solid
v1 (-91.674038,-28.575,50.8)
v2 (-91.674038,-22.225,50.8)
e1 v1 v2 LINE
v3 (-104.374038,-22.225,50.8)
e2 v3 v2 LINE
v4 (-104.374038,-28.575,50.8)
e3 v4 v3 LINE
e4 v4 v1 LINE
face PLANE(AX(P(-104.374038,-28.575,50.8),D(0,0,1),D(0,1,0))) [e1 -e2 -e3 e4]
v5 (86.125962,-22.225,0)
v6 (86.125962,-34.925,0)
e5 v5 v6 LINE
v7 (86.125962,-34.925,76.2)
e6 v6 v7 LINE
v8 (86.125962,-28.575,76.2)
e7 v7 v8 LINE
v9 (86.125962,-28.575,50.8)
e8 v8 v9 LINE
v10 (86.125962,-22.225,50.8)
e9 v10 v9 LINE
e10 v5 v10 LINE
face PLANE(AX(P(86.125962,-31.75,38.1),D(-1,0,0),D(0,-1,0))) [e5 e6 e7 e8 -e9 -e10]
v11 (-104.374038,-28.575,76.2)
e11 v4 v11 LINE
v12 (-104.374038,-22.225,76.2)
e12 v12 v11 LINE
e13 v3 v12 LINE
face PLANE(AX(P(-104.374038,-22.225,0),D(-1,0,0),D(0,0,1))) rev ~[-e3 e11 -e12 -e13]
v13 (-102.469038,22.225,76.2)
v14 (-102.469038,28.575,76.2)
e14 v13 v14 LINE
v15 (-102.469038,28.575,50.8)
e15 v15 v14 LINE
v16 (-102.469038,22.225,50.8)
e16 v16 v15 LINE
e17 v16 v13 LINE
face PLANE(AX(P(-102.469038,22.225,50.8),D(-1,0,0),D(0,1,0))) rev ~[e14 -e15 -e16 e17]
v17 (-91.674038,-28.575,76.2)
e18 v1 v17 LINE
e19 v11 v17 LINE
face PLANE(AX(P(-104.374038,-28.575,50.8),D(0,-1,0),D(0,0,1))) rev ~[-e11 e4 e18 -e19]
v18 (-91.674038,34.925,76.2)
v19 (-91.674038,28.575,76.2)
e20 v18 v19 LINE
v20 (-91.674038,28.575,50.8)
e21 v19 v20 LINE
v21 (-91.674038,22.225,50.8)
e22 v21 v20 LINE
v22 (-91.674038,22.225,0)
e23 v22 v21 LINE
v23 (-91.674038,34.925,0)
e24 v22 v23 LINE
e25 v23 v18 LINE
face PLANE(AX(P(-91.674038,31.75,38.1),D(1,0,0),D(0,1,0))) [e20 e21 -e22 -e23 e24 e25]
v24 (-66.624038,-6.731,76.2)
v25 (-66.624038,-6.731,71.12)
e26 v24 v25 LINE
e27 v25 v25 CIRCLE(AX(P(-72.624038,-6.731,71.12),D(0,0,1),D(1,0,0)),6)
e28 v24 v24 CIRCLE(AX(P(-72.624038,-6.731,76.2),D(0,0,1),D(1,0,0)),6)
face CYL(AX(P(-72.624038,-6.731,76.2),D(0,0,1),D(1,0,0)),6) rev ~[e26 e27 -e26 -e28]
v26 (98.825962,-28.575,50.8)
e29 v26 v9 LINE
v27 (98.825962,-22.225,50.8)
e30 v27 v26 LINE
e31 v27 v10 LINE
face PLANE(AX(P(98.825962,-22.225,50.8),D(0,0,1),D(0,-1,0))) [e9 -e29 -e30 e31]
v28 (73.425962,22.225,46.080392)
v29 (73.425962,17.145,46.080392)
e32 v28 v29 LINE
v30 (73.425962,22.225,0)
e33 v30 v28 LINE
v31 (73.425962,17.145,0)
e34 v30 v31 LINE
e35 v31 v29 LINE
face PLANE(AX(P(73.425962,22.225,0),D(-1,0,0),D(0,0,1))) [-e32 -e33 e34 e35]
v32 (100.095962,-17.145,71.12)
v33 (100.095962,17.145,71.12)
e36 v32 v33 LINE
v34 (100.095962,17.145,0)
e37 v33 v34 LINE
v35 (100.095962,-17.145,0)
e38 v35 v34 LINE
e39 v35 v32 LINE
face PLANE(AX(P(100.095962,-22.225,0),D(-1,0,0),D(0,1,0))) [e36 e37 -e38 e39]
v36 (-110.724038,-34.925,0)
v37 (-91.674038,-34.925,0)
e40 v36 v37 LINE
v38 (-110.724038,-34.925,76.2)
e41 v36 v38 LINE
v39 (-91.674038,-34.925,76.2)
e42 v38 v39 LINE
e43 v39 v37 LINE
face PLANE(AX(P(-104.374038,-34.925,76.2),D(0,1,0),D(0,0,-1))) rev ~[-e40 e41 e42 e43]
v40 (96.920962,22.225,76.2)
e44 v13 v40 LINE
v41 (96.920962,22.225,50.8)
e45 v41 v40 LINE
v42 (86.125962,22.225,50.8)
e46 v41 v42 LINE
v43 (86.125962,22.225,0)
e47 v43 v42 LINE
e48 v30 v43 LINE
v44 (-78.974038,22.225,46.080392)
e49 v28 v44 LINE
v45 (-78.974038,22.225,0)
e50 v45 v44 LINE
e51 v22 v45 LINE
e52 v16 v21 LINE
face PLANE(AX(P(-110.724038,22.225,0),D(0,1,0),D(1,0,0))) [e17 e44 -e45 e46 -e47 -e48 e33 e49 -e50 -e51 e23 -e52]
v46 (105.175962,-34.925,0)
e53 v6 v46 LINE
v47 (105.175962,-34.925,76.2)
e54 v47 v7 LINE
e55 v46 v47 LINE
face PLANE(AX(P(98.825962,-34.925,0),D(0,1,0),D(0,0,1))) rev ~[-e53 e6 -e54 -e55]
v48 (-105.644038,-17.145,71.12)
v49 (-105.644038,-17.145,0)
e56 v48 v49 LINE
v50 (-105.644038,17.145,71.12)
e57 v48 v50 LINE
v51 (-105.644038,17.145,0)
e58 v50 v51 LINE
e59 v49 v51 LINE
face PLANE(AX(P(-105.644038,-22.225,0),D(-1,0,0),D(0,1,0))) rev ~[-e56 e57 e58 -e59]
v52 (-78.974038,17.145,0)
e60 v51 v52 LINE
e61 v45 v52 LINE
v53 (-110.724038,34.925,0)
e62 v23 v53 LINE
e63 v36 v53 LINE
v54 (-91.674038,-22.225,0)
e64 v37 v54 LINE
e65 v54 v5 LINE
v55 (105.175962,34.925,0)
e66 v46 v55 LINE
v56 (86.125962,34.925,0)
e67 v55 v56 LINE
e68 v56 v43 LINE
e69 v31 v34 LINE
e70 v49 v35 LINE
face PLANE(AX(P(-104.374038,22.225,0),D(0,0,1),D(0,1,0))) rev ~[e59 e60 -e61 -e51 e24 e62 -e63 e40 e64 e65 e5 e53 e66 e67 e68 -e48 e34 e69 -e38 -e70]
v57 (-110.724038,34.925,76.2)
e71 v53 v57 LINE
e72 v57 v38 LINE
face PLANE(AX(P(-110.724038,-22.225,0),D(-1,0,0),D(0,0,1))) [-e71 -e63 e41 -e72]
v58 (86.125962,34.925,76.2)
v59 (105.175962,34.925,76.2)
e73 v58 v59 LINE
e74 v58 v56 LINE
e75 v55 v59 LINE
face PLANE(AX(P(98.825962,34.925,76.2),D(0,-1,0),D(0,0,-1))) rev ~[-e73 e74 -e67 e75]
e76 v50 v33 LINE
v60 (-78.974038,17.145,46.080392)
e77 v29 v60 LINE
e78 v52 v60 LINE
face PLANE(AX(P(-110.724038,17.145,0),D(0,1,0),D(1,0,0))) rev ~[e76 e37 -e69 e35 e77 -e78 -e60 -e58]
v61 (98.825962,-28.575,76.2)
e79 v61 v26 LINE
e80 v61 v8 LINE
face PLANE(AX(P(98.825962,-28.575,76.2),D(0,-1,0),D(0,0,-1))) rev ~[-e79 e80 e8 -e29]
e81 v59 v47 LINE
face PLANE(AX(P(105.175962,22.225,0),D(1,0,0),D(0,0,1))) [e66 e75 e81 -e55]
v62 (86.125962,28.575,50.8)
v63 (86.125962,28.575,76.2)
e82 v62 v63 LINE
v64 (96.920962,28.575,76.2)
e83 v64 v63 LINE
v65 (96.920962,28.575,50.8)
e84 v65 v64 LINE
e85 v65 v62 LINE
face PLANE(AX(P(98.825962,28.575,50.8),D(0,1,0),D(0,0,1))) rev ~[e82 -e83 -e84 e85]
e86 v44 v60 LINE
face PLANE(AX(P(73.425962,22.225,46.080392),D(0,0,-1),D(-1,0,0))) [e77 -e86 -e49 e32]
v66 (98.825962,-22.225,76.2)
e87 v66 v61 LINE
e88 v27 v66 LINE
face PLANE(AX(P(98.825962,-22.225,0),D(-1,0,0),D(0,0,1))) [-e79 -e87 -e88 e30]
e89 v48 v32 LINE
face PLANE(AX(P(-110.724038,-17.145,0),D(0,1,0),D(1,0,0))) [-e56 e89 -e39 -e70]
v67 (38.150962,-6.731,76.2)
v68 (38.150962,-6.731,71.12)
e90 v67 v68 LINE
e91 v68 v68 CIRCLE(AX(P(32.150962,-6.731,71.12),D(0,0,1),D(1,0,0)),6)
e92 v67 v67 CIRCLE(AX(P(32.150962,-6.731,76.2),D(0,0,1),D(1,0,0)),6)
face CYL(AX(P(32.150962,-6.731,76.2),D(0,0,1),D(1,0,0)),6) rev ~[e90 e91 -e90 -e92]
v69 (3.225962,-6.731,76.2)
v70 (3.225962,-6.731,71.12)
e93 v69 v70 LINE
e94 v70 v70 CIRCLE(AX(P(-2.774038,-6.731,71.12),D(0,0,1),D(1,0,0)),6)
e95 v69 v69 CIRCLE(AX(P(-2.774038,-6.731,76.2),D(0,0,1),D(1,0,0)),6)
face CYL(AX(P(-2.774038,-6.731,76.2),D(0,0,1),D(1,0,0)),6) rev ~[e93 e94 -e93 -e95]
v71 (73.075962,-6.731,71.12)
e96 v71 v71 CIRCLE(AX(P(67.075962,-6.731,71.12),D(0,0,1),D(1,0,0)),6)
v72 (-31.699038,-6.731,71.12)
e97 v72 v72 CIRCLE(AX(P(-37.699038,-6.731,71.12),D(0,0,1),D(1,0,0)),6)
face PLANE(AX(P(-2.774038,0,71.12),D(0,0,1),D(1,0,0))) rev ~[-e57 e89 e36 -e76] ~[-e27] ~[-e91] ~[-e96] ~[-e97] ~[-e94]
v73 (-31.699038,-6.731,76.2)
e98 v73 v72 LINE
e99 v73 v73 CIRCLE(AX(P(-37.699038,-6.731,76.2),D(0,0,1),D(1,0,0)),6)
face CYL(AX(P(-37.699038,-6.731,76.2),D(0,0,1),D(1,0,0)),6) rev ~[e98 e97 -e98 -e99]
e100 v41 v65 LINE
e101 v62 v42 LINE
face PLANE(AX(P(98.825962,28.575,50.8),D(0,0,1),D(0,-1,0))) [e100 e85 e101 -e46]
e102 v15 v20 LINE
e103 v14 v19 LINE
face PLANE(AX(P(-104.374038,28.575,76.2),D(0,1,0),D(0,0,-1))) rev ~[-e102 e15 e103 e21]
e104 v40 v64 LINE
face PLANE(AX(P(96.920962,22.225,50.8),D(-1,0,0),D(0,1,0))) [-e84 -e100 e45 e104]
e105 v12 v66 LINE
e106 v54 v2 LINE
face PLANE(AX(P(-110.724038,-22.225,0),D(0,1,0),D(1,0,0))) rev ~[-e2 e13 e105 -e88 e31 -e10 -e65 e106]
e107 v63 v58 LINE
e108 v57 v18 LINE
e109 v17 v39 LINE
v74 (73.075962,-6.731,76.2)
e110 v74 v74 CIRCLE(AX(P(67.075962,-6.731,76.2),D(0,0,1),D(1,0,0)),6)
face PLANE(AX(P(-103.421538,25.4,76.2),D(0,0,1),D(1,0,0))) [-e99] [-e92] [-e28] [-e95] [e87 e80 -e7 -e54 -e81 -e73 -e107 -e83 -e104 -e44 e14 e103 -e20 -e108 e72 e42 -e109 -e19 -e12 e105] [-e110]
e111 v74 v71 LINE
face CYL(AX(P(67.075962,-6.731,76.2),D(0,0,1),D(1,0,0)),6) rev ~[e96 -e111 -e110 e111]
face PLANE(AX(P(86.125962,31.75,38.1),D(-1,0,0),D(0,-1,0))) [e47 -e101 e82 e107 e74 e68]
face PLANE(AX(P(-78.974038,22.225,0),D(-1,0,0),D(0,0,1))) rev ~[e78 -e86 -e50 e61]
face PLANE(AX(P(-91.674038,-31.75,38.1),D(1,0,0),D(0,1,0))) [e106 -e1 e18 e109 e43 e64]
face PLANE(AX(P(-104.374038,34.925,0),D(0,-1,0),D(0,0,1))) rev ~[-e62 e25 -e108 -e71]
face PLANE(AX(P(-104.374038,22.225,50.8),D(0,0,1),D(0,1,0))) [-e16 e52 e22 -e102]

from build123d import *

# Parameters (mm, degrees)
F0_W      = 215.9
F0_H      = 44.45
F1_DEPTH  = 76.2
F2_T      = -5.08
F3_W      = 6.35
F3_H      = 76.2
F5_DEPTH  = 12.7
F4_W      = 6.35
F4_H      = 76.2
F6_DEPTH  = 12.7
F8_W      = 6.35
F8_H      = 50.8
F9_DEPTH  = 12.7
F10_W     = 6.35
F10_H     = 50.8
F11_DEPTH = 12.7
F12_W     = 6.35
F12_H     = 50.8
F13_DEPTH = 12.7
F14_W     = 6.35
F14_H     = 50.8
F15_DEPTH = 12.7
F16_W     = 152.4
F16_H     = 46.080392
F17_DEPTH = 5.08
F7_R      = 6
F18_DEPTH = 5.08
F20_W     = 1.905
F20_H     = 6.35
F19_W     = 1.905
F19_H     = 6.35
F21_DEPTH = 25.4


with BuildPart() as f1:
    # F0 (on Top) → F1 (new body)
    with BuildSketch(Plane.XY):
        with Locations((-2.774038, 0)):
            Rectangle(F0_W, F0_H)
    extrude(amount=F1_DEPTH)

    # F2
    f2_openings = [f1.faces().sort_by_distance(p)[0] for p in [
        (-2.774038, 0, 0),
    ]]
    offset(amount=F2_T, openings=f2_openings)

    # F3 (on face) → F5 (join)
    with BuildSketch(Plane.XZ.offset(22.225)):
        with Locations((-107.549038, 38.1)):
            Rectangle(F3_W, F3_H)
        with Locations((102.000962, 38.1)):
            Rectangle(F3_W, F3_H)
    extrude(amount=F5_DEPTH)

    # F4 (on face) → F6 (join)
    with BuildSketch(Plane(origin=(0, 22.225, 0), x_dir=(-1, 0, 0), z_dir=(0, 1, 0))):
        with Locations((-102.000962, 38.1)):
            Rectangle(F4_W, F4_H)
        with Locations((107.549038, 38.1)):
            Rectangle(F4_W, F4_H)
    extrude(amount=F6_DEPTH)

    # F8 (on face) → F9 (join)
    with BuildSketch(Plane.YZ.offset(-104.374038)):
        Polygon((-28.575, 76.2), (-34.925, 76.2), (-34.925, 0), (-28.575, 0), (-28.575, 50.8), align=None)
        with Locations((-25.4, 25.4)):
            Rectangle(F8_W, F8_H)
    extrude(amount=F9_DEPTH)

    # F10 (on face) → F11 (join)
    with BuildSketch(Plane(origin=(98.825962, 0, 0), x_dir=(0, -1, 0), z_dir=(-1, 0, 0))):
        Polygon((34.925, 0), (34.925, 76.2), (28.575, 76.2), (28.575, 50.8), (28.575, 0), align=None)
        with Locations((25.4, 25.4)):
            Rectangle(F10_W, F10_H)
    extrude(amount=F11_DEPTH)

    # F12 (on face) → F13 (join)
    with BuildSketch(Plane(origin=(98.825962, 0, 0), x_dir=(0, -1, 0), z_dir=(-1, 0, 0))):
        Polygon((-34.925, 76.2), (-34.925, 0), (-28.575, 0), (-28.575, 50.8), (-28.575, 76.2), align=None)
        with Locations((-25.4, 25.4)):
            Rectangle(F12_W, F12_H)
    extrude(amount=F13_DEPTH)

    # F14 (on face) → F15 (join)
    with BuildSketch(Plane.YZ.offset(-104.374038)):
        Polygon((34.925, 0), (34.925, 76.2), (28.575, 76.2), (28.575, 50.8), (28.575, 0), align=None)
        with Locations((25.4, 25.4)):
            Rectangle(F14_W, F14_H)
    extrude(amount=F15_DEPTH)

    # F16 (on face) → F17 (cut)
    with BuildSketch(Plane(origin=(0, 22.225, 0), x_dir=(-1, 0, 0), z_dir=(0, 1, 0))):
        with Locations((2.774038, 23.040196)):
            Rectangle(F16_W, F16_H)
    extrude(amount=-F17_DEPTH, mode=Mode.SUBTRACT)

    # F7 (on face) → F18 (cut)
    with BuildSketch(Plane.XY.offset(76.2)):
        with Locations((67.075962, -6.731)):
            Circle(F7_R)
        with Locations((32.150962, -6.731)):
            Circle(F7_R)
        with Locations((-2.774038, -6.731)):
            Circle(F7_R)
        with Locations((-37.699038, -6.731)):
            Circle(F7_R)
        with Locations((-72.624038, -6.731)):
            Circle(F7_R)
    extrude(amount=-F18_DEPTH, mode=Mode.SUBTRACT)

    # F20 (on face) + F19 (on face) → F21 (join)
    with BuildSketch(Plane.XY.offset(50.8)):
        with Locations((-103.421538, 25.4)):
            Rectangle(F20_W, F20_H)
    with BuildSketch(Plane.XY.offset(50.8)):
        with Locations((97.873462, 25.4)):
            Rectangle(F19_W, F19_H)
    extrude(amount=F21_DEPTH)


solid = f1.part
